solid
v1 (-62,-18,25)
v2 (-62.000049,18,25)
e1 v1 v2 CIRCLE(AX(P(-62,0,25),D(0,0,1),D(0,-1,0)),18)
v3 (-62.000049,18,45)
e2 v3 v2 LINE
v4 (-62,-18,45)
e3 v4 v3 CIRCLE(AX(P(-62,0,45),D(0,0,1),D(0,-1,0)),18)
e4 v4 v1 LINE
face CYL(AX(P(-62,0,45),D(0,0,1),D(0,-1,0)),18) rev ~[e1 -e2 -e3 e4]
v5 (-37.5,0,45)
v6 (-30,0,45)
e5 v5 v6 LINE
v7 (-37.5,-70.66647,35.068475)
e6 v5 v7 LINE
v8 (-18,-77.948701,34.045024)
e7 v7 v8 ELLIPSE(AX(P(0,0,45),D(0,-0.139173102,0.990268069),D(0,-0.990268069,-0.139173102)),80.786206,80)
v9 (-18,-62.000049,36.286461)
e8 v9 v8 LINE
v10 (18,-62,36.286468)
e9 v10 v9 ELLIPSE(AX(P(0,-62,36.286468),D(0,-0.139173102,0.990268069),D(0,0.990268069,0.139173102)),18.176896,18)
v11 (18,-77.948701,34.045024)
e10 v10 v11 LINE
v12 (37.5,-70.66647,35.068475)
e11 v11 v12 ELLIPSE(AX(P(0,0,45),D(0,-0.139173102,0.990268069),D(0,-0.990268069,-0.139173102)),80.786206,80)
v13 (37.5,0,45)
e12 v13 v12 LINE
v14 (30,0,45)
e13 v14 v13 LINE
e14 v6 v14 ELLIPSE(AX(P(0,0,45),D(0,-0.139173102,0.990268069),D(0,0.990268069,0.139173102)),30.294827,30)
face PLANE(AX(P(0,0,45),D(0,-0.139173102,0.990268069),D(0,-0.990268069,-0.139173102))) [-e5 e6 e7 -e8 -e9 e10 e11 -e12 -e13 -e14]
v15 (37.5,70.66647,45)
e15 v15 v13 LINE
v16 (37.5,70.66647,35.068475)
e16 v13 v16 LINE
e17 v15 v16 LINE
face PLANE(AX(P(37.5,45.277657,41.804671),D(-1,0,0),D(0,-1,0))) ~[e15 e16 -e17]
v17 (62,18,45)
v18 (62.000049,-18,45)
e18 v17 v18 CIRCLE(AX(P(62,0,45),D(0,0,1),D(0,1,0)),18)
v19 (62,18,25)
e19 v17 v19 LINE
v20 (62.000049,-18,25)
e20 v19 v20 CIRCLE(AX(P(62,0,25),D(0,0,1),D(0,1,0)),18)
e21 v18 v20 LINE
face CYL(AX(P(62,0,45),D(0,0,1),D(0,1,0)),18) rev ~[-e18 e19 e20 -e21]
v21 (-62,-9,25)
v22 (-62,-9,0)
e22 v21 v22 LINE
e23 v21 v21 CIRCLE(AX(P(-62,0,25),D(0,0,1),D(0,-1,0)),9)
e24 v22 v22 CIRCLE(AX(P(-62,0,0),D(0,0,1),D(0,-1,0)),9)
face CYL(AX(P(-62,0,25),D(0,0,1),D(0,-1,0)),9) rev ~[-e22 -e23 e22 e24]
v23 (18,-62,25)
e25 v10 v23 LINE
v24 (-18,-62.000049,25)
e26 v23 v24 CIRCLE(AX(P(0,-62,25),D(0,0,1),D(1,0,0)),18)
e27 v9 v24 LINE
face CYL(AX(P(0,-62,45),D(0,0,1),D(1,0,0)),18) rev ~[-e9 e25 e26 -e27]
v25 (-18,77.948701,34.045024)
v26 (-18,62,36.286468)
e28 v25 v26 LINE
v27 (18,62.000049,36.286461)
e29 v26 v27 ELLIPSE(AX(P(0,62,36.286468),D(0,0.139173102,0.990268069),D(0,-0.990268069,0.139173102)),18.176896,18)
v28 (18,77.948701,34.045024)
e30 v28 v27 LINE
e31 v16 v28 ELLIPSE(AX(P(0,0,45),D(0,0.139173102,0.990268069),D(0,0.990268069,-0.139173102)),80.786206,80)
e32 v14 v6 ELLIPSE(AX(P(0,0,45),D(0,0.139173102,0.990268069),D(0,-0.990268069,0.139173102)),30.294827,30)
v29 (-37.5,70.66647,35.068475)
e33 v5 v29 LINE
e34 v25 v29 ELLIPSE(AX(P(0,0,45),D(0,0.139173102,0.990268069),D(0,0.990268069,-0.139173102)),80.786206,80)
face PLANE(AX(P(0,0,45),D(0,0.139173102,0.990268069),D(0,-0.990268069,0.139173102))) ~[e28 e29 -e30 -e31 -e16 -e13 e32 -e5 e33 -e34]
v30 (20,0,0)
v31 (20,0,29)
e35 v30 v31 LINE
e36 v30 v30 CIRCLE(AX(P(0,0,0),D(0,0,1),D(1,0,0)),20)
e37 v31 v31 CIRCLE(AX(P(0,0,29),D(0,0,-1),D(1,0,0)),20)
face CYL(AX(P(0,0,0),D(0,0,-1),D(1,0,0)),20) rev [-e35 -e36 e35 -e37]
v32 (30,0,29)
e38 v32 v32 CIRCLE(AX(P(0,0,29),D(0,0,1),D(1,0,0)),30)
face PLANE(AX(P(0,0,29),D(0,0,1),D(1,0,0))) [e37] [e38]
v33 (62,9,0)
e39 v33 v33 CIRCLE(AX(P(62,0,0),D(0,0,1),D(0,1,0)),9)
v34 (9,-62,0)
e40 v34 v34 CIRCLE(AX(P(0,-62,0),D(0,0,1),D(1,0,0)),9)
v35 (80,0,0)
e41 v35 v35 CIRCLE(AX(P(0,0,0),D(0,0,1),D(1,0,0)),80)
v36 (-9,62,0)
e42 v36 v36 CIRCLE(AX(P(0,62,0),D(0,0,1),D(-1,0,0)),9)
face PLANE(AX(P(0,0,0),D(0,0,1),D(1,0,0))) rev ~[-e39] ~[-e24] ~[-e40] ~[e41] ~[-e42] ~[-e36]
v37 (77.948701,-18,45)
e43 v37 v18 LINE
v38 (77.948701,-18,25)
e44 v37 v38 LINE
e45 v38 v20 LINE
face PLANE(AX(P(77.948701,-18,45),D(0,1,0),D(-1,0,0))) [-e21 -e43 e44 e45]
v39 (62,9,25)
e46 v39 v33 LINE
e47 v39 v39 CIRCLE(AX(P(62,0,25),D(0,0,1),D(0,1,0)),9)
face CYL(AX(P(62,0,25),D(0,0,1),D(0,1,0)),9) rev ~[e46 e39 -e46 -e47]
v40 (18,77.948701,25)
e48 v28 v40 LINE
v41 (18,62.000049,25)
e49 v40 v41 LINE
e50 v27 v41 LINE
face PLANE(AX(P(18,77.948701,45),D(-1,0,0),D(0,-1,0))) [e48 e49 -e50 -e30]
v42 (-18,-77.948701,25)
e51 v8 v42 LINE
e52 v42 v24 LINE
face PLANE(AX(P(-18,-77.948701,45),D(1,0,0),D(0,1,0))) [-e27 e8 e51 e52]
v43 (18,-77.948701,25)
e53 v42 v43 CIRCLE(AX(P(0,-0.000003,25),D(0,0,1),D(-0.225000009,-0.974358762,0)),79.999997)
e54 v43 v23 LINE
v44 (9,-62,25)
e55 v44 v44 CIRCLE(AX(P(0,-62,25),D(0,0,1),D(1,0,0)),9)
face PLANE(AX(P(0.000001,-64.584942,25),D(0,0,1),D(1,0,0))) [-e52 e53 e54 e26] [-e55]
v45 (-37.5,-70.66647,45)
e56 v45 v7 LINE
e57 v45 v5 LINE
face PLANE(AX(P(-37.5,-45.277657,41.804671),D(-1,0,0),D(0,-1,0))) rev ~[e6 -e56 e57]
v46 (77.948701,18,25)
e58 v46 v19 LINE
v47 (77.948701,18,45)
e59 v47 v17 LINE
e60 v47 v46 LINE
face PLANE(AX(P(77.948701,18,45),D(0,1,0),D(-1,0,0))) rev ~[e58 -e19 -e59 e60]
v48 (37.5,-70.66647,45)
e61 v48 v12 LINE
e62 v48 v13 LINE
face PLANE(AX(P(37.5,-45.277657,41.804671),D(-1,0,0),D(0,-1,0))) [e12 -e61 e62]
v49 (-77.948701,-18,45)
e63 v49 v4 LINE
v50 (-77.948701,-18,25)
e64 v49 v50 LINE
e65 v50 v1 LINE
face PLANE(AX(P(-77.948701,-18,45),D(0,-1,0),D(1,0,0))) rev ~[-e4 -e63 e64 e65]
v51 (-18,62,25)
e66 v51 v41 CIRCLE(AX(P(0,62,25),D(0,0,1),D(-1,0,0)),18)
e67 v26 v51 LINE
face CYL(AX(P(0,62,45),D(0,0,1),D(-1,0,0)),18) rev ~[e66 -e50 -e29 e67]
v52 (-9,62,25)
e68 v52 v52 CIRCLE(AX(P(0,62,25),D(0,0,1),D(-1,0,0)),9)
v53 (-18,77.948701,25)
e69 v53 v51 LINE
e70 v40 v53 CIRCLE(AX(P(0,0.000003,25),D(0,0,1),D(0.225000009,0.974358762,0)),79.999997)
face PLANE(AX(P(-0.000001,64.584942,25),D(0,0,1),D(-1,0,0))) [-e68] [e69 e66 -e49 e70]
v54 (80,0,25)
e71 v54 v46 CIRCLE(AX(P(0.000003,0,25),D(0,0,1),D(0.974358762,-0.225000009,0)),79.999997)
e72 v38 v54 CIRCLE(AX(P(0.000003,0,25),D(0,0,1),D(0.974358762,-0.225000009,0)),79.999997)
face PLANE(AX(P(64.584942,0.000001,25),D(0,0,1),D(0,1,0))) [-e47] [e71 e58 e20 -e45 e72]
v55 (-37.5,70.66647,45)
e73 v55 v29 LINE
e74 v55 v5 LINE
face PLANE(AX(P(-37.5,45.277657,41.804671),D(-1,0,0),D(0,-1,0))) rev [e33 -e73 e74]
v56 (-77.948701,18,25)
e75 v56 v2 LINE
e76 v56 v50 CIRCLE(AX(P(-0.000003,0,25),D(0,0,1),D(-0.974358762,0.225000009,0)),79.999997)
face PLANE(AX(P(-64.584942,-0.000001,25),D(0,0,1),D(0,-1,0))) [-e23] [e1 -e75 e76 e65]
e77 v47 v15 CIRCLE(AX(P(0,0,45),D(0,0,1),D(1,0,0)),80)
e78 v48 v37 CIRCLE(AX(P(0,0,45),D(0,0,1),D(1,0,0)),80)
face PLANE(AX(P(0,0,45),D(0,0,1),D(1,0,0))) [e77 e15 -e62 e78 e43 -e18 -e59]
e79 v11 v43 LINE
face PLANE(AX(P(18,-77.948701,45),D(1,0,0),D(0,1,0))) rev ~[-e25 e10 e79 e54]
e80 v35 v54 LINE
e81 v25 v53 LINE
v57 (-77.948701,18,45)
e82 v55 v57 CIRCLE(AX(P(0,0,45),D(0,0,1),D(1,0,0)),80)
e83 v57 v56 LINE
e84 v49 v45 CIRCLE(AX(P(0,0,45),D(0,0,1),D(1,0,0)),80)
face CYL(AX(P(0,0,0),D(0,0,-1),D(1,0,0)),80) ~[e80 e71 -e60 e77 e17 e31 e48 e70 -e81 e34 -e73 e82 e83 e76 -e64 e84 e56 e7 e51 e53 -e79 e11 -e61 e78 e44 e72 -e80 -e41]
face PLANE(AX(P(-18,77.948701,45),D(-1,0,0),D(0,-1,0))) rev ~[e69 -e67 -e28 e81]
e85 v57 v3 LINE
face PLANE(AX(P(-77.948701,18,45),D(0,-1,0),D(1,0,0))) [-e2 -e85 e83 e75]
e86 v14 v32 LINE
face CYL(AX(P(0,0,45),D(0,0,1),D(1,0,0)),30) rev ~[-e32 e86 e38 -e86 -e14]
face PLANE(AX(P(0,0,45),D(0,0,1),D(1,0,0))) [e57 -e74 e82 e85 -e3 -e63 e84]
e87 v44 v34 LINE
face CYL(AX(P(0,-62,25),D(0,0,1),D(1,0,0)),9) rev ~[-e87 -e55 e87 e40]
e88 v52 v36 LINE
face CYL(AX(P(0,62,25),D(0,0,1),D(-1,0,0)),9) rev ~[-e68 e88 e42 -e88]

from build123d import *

# Parameters (mm, degrees)
PAD001_DEPTH          = 37.5
SKETCH_R              = 80
SKETCH_R_2            = 20
PAD_DEPTH             = 45
SKETCH001_R           = 30
POCKET_DEPTH          = 16
POCKET001_DEPTH       = 20
POLARPATTERN_COUNT    = 4
SKETCH003_R           = 9
POCKET002_DEPTH       = 486.41188
POLARPATTERN001_COUNT = 4


with BuildPart() as pad001:
    # Sketch004 → Pad001 (new body, symmetric)
    with BuildSketch(Plane.YZ):
        Polygon((0, 45), (-85, 33.054029), (-85, 45), align=None)
    extrude(amount=PAD001_DEPTH, both=True)


with BuildPart() as part_mirroring:
    # Part__Mirroring: instance of Pad001
    add(pad001.part.mirror(Plane(origin=(0, 0, 0), x_dir=(1, 0, 0), z_dir=(0, 1, 0))))


with BuildPart() as cut001:
    # Sketch → Pad (new body)
    with BuildSketch(Plane.XY):
        Circle(SKETCH_R)
        Circle(SKETCH_R_2, mode=Mode.SUBTRACT)
    extrude(amount=PAD_DEPTH)

    # Sketch001 → Pocket (cut)
    with BuildSketch(Plane.XY.offset(45)):
        Circle(SKETCH001_R)
    extrude(amount=-POCKET_DEPTH, mode=Mode.SUBTRACT)

    # Sketch002 → Pocket001 (cut)
    with BuildSketch(Plane.XY.offset(45)):
        with BuildLine():
            ThreePointArc((-18, -77.948701), (0, -80), (18, -77.948701))
            Line((18, -77.948701), (18, -62))
            ThreePointArc((18, -62), (-2.4e-05, -44), (-18, -62.000049))
            Line((-18, -77.948701), (-18, -62.000049))
        make_face()
    pocket001 = extrude(amount=-POCKET001_DEPTH, mode=Mode.SUBTRACT)

    # PolarPattern: Pocket001 ×4 about axis
    polarpattern_axis = Axis((0, 0, 45), (0, 0, 1))
    for i in range(1, POLARPATTERN_COUNT):
        add(pocket001.rotate(polarpattern_axis, i * 360 / POLARPATTERN_COUNT), mode=Mode.SUBTRACT)

    # Sketch003 → Pocket002 (cut, through all)
    with BuildSketch(Plane.XY.offset(25)):
        with Locations((0, -62)):
            Circle(SKETCH003_R)
    pocket002 = extrude(amount=-POCKET002_DEPTH, mode=Mode.SUBTRACT)

    # PolarPattern001: Pocket002 ×4 about axis
    polarpattern001_axis = Axis((0, 0, 25), (0, 0, 1))
    for i in range(1, POLARPATTERN001_COUNT):
        add(pocket002.rotate(polarpattern001_axis, i * 360 / POLARPATTERN001_COUNT), mode=Mode.SUBTRACT)

    # Cut: cut Part__Mirroring
    add(part_mirroring.part, mode=Mode.SUBTRACT)

    # Cut001: cut Pad001
    add(pad001.part, mode=Mode.SUBTRACT)


solid = cut001.part
